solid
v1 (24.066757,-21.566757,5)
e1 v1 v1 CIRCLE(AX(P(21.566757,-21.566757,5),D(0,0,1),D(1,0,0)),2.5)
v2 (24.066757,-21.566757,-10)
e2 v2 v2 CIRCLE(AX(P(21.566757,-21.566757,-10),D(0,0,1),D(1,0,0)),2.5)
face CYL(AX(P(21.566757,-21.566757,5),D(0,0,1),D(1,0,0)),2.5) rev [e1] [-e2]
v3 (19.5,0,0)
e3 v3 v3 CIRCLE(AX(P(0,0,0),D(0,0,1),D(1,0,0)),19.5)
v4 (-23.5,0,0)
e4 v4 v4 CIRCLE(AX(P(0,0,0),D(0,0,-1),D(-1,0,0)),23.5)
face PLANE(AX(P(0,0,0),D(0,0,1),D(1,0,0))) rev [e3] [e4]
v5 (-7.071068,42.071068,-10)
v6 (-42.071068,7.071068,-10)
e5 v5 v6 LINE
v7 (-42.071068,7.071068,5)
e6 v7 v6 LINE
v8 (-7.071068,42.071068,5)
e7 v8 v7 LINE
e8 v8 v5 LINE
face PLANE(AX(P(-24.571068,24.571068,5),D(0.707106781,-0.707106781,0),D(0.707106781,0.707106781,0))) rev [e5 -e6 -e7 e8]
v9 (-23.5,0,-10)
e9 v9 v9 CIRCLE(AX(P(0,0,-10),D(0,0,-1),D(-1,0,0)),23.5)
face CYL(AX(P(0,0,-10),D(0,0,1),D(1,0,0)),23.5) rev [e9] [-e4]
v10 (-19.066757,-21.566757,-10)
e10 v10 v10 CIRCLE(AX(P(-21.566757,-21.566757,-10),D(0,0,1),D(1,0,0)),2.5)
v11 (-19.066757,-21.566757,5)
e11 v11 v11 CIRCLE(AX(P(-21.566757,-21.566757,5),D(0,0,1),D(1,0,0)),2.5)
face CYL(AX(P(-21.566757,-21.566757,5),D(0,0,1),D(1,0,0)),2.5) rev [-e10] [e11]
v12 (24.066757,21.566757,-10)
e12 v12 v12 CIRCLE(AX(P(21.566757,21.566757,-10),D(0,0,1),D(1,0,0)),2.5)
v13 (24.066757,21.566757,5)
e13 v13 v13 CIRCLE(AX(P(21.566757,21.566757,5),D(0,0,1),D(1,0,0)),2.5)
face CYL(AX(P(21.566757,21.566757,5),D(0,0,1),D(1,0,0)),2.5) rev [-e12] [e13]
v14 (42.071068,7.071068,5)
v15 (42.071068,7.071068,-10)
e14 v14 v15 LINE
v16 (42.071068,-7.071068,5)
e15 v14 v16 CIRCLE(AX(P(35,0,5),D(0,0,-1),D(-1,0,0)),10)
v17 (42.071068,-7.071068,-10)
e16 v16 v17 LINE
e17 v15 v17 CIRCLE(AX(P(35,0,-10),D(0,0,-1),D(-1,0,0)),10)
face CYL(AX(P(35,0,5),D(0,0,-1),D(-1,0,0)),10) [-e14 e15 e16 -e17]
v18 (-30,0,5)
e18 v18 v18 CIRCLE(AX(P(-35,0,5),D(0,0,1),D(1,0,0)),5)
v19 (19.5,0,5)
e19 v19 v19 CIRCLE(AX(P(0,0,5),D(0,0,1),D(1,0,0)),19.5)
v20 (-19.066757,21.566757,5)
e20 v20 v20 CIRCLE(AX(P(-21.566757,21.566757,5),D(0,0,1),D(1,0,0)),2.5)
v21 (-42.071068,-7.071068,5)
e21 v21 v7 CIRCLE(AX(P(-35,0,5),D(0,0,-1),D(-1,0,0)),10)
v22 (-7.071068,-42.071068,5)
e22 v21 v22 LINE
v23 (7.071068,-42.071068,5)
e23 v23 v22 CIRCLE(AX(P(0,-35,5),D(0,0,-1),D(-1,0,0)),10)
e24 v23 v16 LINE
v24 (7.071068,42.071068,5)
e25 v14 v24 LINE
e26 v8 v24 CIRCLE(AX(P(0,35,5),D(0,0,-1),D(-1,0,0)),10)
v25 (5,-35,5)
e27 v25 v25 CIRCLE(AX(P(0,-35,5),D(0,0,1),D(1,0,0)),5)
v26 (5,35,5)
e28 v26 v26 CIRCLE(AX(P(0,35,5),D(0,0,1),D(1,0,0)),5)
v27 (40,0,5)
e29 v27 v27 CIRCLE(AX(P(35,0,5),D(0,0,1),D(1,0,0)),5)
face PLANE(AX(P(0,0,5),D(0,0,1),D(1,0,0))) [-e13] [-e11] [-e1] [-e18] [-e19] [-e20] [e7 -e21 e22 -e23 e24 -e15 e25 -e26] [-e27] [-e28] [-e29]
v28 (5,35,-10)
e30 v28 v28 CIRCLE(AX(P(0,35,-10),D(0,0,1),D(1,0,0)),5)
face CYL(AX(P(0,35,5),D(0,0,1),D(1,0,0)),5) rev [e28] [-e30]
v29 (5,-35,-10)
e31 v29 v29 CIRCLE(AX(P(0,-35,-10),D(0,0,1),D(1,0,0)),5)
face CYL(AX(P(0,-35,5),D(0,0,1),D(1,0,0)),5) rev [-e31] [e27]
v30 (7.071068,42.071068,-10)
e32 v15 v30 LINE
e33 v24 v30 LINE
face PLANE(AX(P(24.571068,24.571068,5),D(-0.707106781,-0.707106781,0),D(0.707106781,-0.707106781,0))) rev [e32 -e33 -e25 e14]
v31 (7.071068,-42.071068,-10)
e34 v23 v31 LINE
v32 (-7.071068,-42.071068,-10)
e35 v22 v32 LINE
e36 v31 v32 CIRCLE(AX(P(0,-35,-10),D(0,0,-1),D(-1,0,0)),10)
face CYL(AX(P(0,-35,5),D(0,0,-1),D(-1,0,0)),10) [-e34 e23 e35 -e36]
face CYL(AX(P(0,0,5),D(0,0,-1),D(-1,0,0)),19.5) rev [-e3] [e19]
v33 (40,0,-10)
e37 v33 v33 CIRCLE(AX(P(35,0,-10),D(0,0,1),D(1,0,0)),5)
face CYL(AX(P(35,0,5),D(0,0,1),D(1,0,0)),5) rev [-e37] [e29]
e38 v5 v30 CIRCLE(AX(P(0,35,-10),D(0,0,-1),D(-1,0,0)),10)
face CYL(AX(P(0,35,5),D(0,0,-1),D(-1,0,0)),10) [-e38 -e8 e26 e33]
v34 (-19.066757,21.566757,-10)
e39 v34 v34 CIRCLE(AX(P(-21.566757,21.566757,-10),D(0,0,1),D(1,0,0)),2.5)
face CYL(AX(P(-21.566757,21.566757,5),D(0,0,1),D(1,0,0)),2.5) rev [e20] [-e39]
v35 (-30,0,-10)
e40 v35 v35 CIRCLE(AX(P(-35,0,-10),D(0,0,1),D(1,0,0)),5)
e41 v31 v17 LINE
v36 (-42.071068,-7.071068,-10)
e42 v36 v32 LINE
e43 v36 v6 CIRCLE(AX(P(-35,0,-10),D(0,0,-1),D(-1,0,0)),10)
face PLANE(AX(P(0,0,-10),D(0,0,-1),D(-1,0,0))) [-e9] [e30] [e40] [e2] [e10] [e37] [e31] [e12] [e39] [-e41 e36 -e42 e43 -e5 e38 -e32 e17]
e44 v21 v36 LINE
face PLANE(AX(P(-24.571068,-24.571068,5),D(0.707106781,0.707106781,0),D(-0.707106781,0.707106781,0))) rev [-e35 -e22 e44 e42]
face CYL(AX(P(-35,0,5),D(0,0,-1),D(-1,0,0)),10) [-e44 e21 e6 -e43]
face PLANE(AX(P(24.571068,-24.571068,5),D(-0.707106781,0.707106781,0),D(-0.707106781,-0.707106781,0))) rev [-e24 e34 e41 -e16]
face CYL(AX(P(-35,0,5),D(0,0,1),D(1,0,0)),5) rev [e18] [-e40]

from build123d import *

# Parameters (mm, degrees)
SZKIC1_R                    = 35
SZKIC1_R_2                  = 23.5
SZKIC1_R_3                  = 19.5
DODANIE_WYCI_GNI_CIE3_DEPTH = 5
DODANIE_WYCI_GNI_CIE5_START = 10
SZKIC4_R                    = 35
SZKIC4_R_2                  = 23.5
DODANIE_WYCI_GNI_CIE5_DEPTH = 10
SZKIC13_R                   = 10
DODANIE_WYCI_GNI_CIE6_DEPTH = 15
OTWORY_USTALAJ_CE_10_0MM1_D = 10
OTWORY_USTALAJ_CE_5_0MM3_D  = 5
DODANIE_WYCI_GNI_CIE7_DEPTH = 15
SZKIC28_R                   = 52.509364788
WYTNIJ_WYCI_GNI_CIE6_DEPTH  = 15


with BuildPart() as part:
    # Szkic1 → Dodanie-wyciągnięcie3 (new body)
    # profile 1 of 2: a face of its own
    with BuildSketch(Plane.XY):
        Circle(SZKIC1_R)
        Circle(SZKIC1_R_2, mode=Mode.SUBTRACT)
    # profile 2 of 2: a face of its own
    with BuildSketch(Plane.XY):
        Circle(SZKIC1_R_2)
        Circle(SZKIC1_R_3, mode=Mode.SUBTRACT)
    extrude(amount=DODANIE_WYCI_GNI_CIE3_DEPTH)

    # Szkic4 → Dodanie-wyciągnięcie5 (add)
    with BuildSketch(Plane(origin=(0, 0, 0), x_dir=(-1, 0, 0), z_dir=(0, 0, -1)).offset(DODANIE_WYCI_GNI_CIE5_START)):
        Circle(SZKIC4_R)
        Circle(SZKIC4_R_2, mode=Mode.SUBTRACT)
    extrude(amount=-DODANIE_WYCI_GNI_CIE5_DEPTH)

    # Szkic13 → Dodanie-wyciągnięcie6 (add)
    with BuildSketch(Plane(origin=(0, 0, -10), x_dir=(-1, 0, 0), z_dir=(0, 0, -1))):
        with Locations((0, 35)):
            Circle(SZKIC13_R)
        with Locations((0, -35)):
            Circle(SZKIC13_R)
        with Locations((-35, 0)):
            Circle(SZKIC13_R)
        with Locations((35, 0)):
            Circle(SZKIC13_R)
    extrude(amount=-DODANIE_WYCI_GNI_CIE6_DEPTH)

    # Otwory ustalające Ø10.0mm1 (through all)
    with Locations(Plane.XY.offset(5)):
        with Locations((0, 35), (0, -35), (-35, 0), (35, 0)):
            Hole(OTWORY_USTALAJ_CE_10_0MM1_D / 2)

    # Otwory ustalające Ø5.0mm3 (through all)
    with Locations(Plane.XY.offset(5)):
        with Locations((-21.566756826, 21.566756826), (21.566756826, 21.566756826), (21.566756826, -21.566756826), (-21.566756826, -21.566756826)):
            Hole(OTWORY_USTALAJ_CE_5_0MM3_D / 2)

    # Szkic27 → Dodanie-wyciągnięcie7 (add)
    with BuildSketch(Plane(origin=(0, 0, -10), x_dir=(-1, 0, 0), z_dir=(0, 0, -1))):
        with BuildLine():
            ThreePointArc((33.571428571, 9.897433186), (38.155396436, 9.48912395), (42.071067812, 7.071067812))
            Line((42.071067812, 7.071067812), (27.531241216, 21.610894407))
            ThreePointArc((27.531241216, 21.610894407), (31.107641461, 16.041029978), (33.571428571, 9.897433186))
        make_face()
        with BuildLine():
            ThreePointArc((9.897433186, 33.571428571), (16.041029978, 31.107641461), (21.610894407, 27.531241216))
            Line((21.610894407, 27.531241216), (7.071067812, 42.071067812))
            ThreePointArc((7.071067812, 42.071067812), (9.48912395, 38.155396436), (9.897433186, 33.571428571))
        make_face()
        with BuildLine():
            ThreePointArc((-9.897433186, 33.571428571), (-9.48912395, 38.155396436), (-7.071067812, 42.071067812))
            Line((-7.071067812, 42.071067812), (-21.610894407, 27.531241216))
            ThreePointArc((-21.610894407, 27.531241216), (-16.041029978, 31.107641461), (-9.897433186, 33.571428571))
        make_face()
        with BuildLine():
            ThreePointArc((-33.571428571, 9.897433186), (-31.107641461, 16.041029978), (-27.531241216, 21.610894407))
            Line((-27.531241216, 21.610894407), (-42.071067812, 7.071067812))
            ThreePointArc((-42.071067812, 7.071067812), (-38.155396436, 9.48912395), (-33.571428571, 9.897433186))
        make_face()
        with BuildLine():
            Line((-42.071067812, -7.071067812), (-27.531241216, -21.610894407))
            ThreePointArc((-27.531241216, -21.610894407), (-31.107641461, -16.041029978), (-33.571428571, -9.897433186))
            ThreePointArc((-33.571428571, -9.897433186), (-38.155396436, -9.48912395), (-42.071067812, -7.071067812))
        make_face()
        with BuildLine():
            Line((-21.610894407, -27.531241216), (-7.071067812, -42.071067812))
            ThreePointArc((-7.071067812, -42.071067812), (-9.48912395, -38.155396436), (-9.897433186, -33.571428571))
            ThreePointArc((-9.897433186, -33.571428571), (-16.041029978, -31.107641461), (-21.610894407, -27.531241216))
        make_face()
        with BuildLine():
            Line((7.071067812, -42.071067812), (21.610894407, -27.531241216))
            ThreePointArc((21.610894407, -27.531241216), (16.041029978, -31.107641461), (9.897433186, -33.571428571))
            ThreePointArc((9.897433186, -33.571428571), (9.48912395, -38.155396436), (7.071067812, -42.071067812))
        make_face()
        with BuildLine():
            Line((27.531241216, -21.610894407), (42.071067812, -7.071067812))
            ThreePointArc((42.071067812, -7.071067812), (38.155396436, -9.48912395), (33.571428571, -9.897433186))
            ThreePointArc((33.571428571, -9.897433186), (31.107641461, -16.041029978), (27.531241216, -21.610894407))
        make_face()
    extrude(amount=-DODANIE_WYCI_GNI_CIE7_DEPTH)

    # Szkic28 → Wytnij-wyciągnięcie6 (cut)
    # profile 1 of 5: a face of its own
    with BuildSketch(Plane(origin=(0, 0, -10), x_dir=(-1, 0, 0), z_dir=(0, 0, -1))):
        Circle(SZKIC28_R)
        with BuildLine():
            Line((49.142135624, 0), (42.071067812, -7.071067812))
            Line((42.071067812, -7.071067812), (41.070360041, -8.071775583))
            Line((41.070360041, -8.071775583), (27.531241216, -21.610894407))
            ThreePointArc((27.531241216, -21.610894407), (24.748737342, -24.748737342), (21.610894407, -27.531241216))
            Line((21.610894407, -27.531241216), (7.071067812, -42.071067812))
            Line((7.071067812, -42.071067812), (0, -49.142135624))
            Line((0, -49.142135624), (-7.071067812, -42.071067812))
            Line((-7.071067812, -42.071067812), (-21.610894407, -27.531241216))
            ThreePointArc((-21.610894407, -27.531241216), (-24.748737342, -24.748737342), (-27.531241216, -21.610894407))
            Line((-27.531241216, -21.610894407), (-42.071067812, -7.071067812))
            Line((-42.071067812, -7.071067812), (-49.142135624, 0))
            Line((-49.142135624, 0), (-42.071067812, 7.071067812))
            Line((-42.071067812, 7.071067812), (-27.531241216, 21.610894407))
            ThreePointArc((-27.531241216, 21.610894407), (-24.748737342, 24.748737342), (-21.610894407, 27.531241216))
            Line((-21.610894407, 27.531241216), (-7.071067812, 42.071067812))
            Line((-7.071067812, 42.071067812), (0, 49.142135624))
            Line((0, 49.142135624), (7.071067812, 42.071067812))
            Line((7.071067812, 42.071067812), (21.610894407, 27.531241216))
            ThreePointArc((21.610894407, 27.531241216), (24.748737342, 24.748737342), (27.531241216, 21.610894407))
            Line((27.531241216, 21.610894407), (42.071067812, 7.071067812))
            Line((42.071067812, 7.071067812), (49.142135624, 0))
        make_face(mode=Mode.SUBTRACT)
    # profile 2 of 5: a face of its own
    with BuildSketch(Plane(origin=(0, 0, -10), x_dir=(-1, 0, 0), z_dir=(0, 0, -1))):
        with BuildLine():
            ThreePointArc((21.610894407, -27.531241216), (24.748737342, -24.748737342), (27.531241216, -21.610894407))
            Line((27.531241216, -21.610894407), (21.610894407, -27.531241216))
        make_face()
    # profile 3 of 5: a face of its own
    with BuildSketch(Plane(origin=(0, 0, -10), x_dir=(-1, 0, 0), z_dir=(0, 0, -1))):
        with BuildLine():
            ThreePointArc((-27.531241216, -21.610894407), (-24.748737342, -24.748737342), (-21.610894407, -27.531241216))
            Line((-21.610894407, -27.531241216), (-27.531241216, -21.610894407))
        make_face()
    # profile 4 of 5: a face of its own
    with BuildSketch(Plane(origin=(0, 0, -10), x_dir=(-1, 0, 0), z_dir=(0, 0, -1))):
        with BuildLine():
            Line((-27.531241216, 21.610894407), (-21.610894407, 27.531241216))
            ThreePointArc((-21.610894407, 27.531241216), (-24.748737342, 24.748737342), (-27.531241216, 21.610894407))
        make_face()
    # profile 5 of 5: a face of its own
    with BuildSketch(Plane(origin=(0, 0, -10), x_dir=(-1, 0, 0), z_dir=(0, 0, -1))):
        with BuildLine():
            Line((21.610894407, 27.531241216), (27.531241216, 21.610894407))
            ThreePointArc((27.531241216, 21.610894407), (24.748737342, 24.748737342), (21.610894407, 27.531241216))
        make_face()
    extrude(amount=-WYTNIJ_WYCI_GNI_CIE6_DEPTH, mode=Mode.SUBTRACT)


solid = part.part
